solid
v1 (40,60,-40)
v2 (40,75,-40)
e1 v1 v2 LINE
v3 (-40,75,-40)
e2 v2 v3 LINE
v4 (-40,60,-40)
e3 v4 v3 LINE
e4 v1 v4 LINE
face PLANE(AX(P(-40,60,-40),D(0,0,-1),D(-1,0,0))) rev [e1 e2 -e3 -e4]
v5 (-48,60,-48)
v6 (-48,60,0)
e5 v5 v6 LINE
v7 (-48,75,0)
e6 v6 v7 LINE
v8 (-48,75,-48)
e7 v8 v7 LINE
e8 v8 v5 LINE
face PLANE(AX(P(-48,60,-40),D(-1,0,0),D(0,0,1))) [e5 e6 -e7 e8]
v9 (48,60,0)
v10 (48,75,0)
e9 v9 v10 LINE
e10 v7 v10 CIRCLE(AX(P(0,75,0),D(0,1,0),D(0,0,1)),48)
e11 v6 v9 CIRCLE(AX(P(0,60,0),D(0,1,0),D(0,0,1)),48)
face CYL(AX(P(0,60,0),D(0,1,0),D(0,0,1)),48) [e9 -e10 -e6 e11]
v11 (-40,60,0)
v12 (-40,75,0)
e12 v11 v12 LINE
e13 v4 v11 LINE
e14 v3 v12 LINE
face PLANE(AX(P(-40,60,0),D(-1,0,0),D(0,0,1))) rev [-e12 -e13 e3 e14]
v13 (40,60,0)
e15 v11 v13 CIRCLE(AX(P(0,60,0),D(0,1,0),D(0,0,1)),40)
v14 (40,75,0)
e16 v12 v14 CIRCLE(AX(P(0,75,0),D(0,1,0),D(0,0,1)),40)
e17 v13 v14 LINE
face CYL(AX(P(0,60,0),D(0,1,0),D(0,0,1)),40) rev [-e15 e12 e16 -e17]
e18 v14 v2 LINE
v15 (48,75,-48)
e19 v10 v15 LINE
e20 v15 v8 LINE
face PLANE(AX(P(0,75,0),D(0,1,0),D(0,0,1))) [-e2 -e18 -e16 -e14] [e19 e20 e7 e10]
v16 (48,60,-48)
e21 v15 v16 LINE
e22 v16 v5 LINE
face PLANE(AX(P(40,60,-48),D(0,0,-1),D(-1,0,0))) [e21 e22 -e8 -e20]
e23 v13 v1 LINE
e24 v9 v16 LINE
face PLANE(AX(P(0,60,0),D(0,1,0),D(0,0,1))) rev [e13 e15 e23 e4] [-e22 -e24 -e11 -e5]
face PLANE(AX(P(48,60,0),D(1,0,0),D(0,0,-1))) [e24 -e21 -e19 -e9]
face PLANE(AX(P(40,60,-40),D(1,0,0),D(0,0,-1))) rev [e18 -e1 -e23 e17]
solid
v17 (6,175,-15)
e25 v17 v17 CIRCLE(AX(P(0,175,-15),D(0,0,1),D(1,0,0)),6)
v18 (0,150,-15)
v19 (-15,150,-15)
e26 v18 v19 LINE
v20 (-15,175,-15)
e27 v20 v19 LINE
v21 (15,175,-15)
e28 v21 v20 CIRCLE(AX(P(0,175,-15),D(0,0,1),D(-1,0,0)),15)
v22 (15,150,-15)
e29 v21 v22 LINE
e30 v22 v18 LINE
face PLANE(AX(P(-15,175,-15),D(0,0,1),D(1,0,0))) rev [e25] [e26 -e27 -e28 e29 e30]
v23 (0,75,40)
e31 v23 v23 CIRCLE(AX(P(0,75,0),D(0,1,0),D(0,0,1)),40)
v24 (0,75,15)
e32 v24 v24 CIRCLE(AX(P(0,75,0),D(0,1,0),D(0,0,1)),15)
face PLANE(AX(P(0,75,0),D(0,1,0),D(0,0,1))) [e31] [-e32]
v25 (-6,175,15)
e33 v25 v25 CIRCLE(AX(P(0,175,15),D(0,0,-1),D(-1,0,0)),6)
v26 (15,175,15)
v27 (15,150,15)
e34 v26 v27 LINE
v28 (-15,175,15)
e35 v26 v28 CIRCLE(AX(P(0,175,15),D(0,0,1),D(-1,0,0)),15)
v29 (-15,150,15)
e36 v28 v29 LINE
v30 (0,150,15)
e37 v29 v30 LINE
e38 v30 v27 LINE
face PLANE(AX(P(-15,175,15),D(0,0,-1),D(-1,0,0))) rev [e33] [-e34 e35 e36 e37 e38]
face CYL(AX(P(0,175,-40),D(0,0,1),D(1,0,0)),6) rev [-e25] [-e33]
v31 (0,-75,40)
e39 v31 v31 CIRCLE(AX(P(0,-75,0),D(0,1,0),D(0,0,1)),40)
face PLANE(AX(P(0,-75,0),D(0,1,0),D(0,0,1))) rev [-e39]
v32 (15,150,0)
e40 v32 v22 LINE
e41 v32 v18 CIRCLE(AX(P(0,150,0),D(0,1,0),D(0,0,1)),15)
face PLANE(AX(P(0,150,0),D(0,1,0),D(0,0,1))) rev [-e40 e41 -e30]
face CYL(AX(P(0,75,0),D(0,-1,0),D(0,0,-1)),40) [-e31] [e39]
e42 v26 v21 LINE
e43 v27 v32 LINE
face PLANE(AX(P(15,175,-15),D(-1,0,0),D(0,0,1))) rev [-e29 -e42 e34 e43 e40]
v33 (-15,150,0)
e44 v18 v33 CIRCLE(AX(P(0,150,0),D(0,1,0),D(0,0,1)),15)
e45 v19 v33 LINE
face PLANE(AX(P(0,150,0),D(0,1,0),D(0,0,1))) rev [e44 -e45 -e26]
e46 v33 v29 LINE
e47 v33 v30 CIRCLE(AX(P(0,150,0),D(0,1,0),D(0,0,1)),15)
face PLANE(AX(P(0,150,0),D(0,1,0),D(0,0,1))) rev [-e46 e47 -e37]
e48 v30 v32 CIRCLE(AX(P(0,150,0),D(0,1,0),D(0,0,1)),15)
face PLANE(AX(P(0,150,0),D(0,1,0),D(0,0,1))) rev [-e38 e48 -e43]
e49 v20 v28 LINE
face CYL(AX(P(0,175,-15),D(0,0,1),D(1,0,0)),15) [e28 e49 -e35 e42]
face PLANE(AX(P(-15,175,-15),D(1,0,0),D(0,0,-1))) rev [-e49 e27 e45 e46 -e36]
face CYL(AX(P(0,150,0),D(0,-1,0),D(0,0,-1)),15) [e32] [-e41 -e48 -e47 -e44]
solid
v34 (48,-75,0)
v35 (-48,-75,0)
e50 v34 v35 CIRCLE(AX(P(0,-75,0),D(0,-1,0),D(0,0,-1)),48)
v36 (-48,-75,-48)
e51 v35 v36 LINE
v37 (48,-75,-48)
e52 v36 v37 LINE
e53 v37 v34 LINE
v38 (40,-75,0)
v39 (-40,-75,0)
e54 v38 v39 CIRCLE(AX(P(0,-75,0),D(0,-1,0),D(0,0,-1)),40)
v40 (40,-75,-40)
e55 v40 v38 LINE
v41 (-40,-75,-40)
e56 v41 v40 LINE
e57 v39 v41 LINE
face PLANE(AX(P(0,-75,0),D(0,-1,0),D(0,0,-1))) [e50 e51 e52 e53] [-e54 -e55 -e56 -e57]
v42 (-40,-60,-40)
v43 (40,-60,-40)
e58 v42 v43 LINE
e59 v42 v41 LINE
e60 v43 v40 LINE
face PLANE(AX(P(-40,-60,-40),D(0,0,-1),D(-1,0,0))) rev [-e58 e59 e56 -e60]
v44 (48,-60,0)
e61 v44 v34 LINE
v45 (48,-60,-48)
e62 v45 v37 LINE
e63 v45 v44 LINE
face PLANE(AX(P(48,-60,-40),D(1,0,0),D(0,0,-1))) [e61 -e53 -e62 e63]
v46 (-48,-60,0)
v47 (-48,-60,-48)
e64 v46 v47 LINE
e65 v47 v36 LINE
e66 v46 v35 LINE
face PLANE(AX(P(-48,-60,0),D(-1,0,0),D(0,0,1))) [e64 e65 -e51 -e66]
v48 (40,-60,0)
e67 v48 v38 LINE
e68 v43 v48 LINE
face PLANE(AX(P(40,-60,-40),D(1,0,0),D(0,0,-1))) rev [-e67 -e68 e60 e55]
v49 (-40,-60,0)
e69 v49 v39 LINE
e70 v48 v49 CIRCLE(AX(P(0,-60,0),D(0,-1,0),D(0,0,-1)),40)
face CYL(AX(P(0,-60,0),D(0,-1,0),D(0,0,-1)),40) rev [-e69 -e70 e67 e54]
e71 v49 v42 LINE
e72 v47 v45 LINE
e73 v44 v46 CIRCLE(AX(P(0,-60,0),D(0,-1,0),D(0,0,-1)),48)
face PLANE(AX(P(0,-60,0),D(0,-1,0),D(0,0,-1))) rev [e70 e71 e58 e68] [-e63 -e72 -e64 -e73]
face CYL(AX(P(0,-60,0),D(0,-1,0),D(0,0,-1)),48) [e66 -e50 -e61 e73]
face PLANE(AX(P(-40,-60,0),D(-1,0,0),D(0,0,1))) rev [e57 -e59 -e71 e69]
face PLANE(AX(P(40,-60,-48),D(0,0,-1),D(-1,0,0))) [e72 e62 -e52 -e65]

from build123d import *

# Parameters (mm, degrees)
SKETCH1_R               = 40
BOSS_EXTRUDE1_DEPTH     = 75
SKETCH2_R               = 15
BOSS_EXTRUDE2_DEPTH     = 75
SKETCH3_W               = 30
SKETCH3_H               = 30
BOSS_EXTRUDE3_DEPTH     = 25
BOSS_EXTRUDE4_DEPTH     = 30
CUT_EXTRUDE1_DEPTH      = 202.804360706
CUT_EXTRUDE1_DEPTH_BACK = 202.804360706
SKETCH5_R               = 6
BOSS_EXTRUDE6_DEPTH     = 15
BOSS_EXTRUDE8_DEPTH     = 15
SKETCH9_W               = 10
SKETCH9_H               = 15
CUT_EXTRUDE2_DEPTH      = 10
SKETCH10_W              = 10
SKETCH10_H              = 15
CUT_EXTRUDE3_DEPTH      = 10
SKETCH11_W              = 10
SKETCH11_H              = 15
CUT_EXTRUDE4_DEPTH      = 10
SKETCH12_W              = 10
SKETCH12_H              = 15
CUT_EXTRUDE5_DEPTH      = 10


with BuildPart() as part:
    # Sketch1 → Boss-Extrude1 (new, symmetric)
    with BuildSketch(Plane(origin=(0, 0, 0), x_dir=(1, 0, 0), z_dir=(0, 1, 0))):
        with Locations(Location((0, 0, 0), (0, 0, 270))):
            Circle(SKETCH1_R)
    extrude(amount=BOSS_EXTRUDE1_DEPTH, both=True)

    # Sketch2 → Boss-Extrude2 (add)
    with BuildSketch(Plane(origin=(0, 75, 0), x_dir=(1, 0, 0), z_dir=(0, 1, 0))):
        with Locations(Location((0, 0, 0), (0, 0, 270))):
            Circle(SKETCH2_R)
    extrude(amount=BOSS_EXTRUDE2_DEPTH)

    # Sketch3 → Boss-Extrude3 (add)
    with BuildSketch(Plane(origin=(0, 150, 0), x_dir=(1, 0, 0), z_dir=(0, 1, 0))):
        Rectangle(SKETCH3_W, SKETCH3_H)
    extrude(amount=BOSS_EXTRUDE3_DEPTH)

    # Sketch4 → Boss-Extrude4 (add)
    with BuildSketch(Plane.XY.offset(15)):
        with BuildLine():
            Line((-15, 175), (15, 175))
            ThreePointArc((15, 175), (0, 190), (-15, 175))
        make_face()
    extrude(amount=-BOSS_EXTRUDE4_DEPTH)

    # Sketch5 → Cut-Extrude1 (cut, two sides: drawn at the far end of the back side and taken through both)
    with BuildSketch(Plane.XY.offset(15).offset(-CUT_EXTRUDE1_DEPTH_BACK)):
        with Locations((0, 175)):
            Circle(SKETCH5_R)
    extrude(amount=CUT_EXTRUDE1_DEPTH + CUT_EXTRUDE1_DEPTH_BACK, mode=Mode.SUBTRACT)


with BuildPart() as body_2:
    # Sketch6 → Boss-Extrude6 (new body)
    with BuildSketch(Plane.XZ.offset(75)):
        with BuildLine():
            Line((-48, 0), (-48, -40))
            Line((-48, -40), (-58, -40))
            Line((-58, -40), (-58, -48))
            Line((-58, -48), (0, -48))
            Line((0, -48), (40, -48))
            Line((40, -48), (40, -58))
            Line((40, -58), (48, -58))
            Line((48, -58), (48, -40))
            Line((48, -40), (48, 0))
            ThreePointArc((48, 0), (0, 48), (-48, 0))
        make_face()
        with BuildLine():
            Line((-40, 0), (-40, -40))
            Line((-40, -40), (40, -40))
            Line((40, -40), (40, 0))
            ThreePointArc((40, 0), (0, 40), (-40, 0))
        make_face(mode=Mode.SUBTRACT)
    extrude(amount=-BOSS_EXTRUDE6_DEPTH)

    # Sketch9 → Cut-Extrude2 (cut)
    with BuildSketch(Plane.XY.offset(-40)):
        with Locations((-53, -67.5)):
            Rectangle(SKETCH9_W, SKETCH9_H)
    extrude(amount=-CUT_EXTRUDE2_DEPTH, mode=Mode.SUBTRACT)

    # Sketch12 → Cut-Extrude5 (cut)
    with BuildSketch(Plane.ZY.offset(-40)):
        with Locations((-53, -67.5)):
            Rectangle(SKETCH12_W, SKETCH12_H)
    extrude(amount=-CUT_EXTRUDE5_DEPTH, mode=Mode.SUBTRACT)


with BuildPart() as body_3:
    # Sketch7 → Boss-Extrude8 (new body)
    with BuildSketch(Plane(origin=(0, 75, 0), x_dir=(1, 0, 0), z_dir=(0, 1, 0))):
        with BuildLine():
            Line((48, 0), (48, 58))
            Line((48, 58), (40, 58))
            Line((40, 58), (40, 48))
            Line((40, 48), (-58, 48))
            Line((-58, 48), (-58, 40))
            Line((-58, 40), (-48, 40))
            Line((-48, 40), (-48, 0))
            ThreePointArc((-48, 0), (0, -48), (48, 0))
        make_face()
        with BuildLine():
            Line((40, 40), (40, 0))
            ThreePointArc((40, 0), (0, -40), (-40, 0))
            Line((-40, 0), (-40, 40))
            Line((-40, 40), (40, 40))
        make_face(mode=Mode.SUBTRACT)
    extrude(amount=-BOSS_EXTRUDE8_DEPTH)

    # Sketch10 → Cut-Extrude3 (cut)
    with BuildSketch(Plane.XY.offset(-40)):
        with Locations((-53, 67.5)):
            Rectangle(SKETCH10_W, SKETCH10_H)
    extrude(amount=-CUT_EXTRUDE3_DEPTH, mode=Mode.SUBTRACT)

    # Sketch11 → Cut-Extrude4 (cut)
    with BuildSketch(Plane.ZY.offset(-40)):
        with Locations((-53, 67.5)):
            Rectangle(SKETCH11_W, SKETCH11_H)
    extrude(amount=-CUT_EXTRUDE4_DEPTH, mode=Mode.SUBTRACT)


solid = Compound([part.part, body_2.part, body_3.part])
